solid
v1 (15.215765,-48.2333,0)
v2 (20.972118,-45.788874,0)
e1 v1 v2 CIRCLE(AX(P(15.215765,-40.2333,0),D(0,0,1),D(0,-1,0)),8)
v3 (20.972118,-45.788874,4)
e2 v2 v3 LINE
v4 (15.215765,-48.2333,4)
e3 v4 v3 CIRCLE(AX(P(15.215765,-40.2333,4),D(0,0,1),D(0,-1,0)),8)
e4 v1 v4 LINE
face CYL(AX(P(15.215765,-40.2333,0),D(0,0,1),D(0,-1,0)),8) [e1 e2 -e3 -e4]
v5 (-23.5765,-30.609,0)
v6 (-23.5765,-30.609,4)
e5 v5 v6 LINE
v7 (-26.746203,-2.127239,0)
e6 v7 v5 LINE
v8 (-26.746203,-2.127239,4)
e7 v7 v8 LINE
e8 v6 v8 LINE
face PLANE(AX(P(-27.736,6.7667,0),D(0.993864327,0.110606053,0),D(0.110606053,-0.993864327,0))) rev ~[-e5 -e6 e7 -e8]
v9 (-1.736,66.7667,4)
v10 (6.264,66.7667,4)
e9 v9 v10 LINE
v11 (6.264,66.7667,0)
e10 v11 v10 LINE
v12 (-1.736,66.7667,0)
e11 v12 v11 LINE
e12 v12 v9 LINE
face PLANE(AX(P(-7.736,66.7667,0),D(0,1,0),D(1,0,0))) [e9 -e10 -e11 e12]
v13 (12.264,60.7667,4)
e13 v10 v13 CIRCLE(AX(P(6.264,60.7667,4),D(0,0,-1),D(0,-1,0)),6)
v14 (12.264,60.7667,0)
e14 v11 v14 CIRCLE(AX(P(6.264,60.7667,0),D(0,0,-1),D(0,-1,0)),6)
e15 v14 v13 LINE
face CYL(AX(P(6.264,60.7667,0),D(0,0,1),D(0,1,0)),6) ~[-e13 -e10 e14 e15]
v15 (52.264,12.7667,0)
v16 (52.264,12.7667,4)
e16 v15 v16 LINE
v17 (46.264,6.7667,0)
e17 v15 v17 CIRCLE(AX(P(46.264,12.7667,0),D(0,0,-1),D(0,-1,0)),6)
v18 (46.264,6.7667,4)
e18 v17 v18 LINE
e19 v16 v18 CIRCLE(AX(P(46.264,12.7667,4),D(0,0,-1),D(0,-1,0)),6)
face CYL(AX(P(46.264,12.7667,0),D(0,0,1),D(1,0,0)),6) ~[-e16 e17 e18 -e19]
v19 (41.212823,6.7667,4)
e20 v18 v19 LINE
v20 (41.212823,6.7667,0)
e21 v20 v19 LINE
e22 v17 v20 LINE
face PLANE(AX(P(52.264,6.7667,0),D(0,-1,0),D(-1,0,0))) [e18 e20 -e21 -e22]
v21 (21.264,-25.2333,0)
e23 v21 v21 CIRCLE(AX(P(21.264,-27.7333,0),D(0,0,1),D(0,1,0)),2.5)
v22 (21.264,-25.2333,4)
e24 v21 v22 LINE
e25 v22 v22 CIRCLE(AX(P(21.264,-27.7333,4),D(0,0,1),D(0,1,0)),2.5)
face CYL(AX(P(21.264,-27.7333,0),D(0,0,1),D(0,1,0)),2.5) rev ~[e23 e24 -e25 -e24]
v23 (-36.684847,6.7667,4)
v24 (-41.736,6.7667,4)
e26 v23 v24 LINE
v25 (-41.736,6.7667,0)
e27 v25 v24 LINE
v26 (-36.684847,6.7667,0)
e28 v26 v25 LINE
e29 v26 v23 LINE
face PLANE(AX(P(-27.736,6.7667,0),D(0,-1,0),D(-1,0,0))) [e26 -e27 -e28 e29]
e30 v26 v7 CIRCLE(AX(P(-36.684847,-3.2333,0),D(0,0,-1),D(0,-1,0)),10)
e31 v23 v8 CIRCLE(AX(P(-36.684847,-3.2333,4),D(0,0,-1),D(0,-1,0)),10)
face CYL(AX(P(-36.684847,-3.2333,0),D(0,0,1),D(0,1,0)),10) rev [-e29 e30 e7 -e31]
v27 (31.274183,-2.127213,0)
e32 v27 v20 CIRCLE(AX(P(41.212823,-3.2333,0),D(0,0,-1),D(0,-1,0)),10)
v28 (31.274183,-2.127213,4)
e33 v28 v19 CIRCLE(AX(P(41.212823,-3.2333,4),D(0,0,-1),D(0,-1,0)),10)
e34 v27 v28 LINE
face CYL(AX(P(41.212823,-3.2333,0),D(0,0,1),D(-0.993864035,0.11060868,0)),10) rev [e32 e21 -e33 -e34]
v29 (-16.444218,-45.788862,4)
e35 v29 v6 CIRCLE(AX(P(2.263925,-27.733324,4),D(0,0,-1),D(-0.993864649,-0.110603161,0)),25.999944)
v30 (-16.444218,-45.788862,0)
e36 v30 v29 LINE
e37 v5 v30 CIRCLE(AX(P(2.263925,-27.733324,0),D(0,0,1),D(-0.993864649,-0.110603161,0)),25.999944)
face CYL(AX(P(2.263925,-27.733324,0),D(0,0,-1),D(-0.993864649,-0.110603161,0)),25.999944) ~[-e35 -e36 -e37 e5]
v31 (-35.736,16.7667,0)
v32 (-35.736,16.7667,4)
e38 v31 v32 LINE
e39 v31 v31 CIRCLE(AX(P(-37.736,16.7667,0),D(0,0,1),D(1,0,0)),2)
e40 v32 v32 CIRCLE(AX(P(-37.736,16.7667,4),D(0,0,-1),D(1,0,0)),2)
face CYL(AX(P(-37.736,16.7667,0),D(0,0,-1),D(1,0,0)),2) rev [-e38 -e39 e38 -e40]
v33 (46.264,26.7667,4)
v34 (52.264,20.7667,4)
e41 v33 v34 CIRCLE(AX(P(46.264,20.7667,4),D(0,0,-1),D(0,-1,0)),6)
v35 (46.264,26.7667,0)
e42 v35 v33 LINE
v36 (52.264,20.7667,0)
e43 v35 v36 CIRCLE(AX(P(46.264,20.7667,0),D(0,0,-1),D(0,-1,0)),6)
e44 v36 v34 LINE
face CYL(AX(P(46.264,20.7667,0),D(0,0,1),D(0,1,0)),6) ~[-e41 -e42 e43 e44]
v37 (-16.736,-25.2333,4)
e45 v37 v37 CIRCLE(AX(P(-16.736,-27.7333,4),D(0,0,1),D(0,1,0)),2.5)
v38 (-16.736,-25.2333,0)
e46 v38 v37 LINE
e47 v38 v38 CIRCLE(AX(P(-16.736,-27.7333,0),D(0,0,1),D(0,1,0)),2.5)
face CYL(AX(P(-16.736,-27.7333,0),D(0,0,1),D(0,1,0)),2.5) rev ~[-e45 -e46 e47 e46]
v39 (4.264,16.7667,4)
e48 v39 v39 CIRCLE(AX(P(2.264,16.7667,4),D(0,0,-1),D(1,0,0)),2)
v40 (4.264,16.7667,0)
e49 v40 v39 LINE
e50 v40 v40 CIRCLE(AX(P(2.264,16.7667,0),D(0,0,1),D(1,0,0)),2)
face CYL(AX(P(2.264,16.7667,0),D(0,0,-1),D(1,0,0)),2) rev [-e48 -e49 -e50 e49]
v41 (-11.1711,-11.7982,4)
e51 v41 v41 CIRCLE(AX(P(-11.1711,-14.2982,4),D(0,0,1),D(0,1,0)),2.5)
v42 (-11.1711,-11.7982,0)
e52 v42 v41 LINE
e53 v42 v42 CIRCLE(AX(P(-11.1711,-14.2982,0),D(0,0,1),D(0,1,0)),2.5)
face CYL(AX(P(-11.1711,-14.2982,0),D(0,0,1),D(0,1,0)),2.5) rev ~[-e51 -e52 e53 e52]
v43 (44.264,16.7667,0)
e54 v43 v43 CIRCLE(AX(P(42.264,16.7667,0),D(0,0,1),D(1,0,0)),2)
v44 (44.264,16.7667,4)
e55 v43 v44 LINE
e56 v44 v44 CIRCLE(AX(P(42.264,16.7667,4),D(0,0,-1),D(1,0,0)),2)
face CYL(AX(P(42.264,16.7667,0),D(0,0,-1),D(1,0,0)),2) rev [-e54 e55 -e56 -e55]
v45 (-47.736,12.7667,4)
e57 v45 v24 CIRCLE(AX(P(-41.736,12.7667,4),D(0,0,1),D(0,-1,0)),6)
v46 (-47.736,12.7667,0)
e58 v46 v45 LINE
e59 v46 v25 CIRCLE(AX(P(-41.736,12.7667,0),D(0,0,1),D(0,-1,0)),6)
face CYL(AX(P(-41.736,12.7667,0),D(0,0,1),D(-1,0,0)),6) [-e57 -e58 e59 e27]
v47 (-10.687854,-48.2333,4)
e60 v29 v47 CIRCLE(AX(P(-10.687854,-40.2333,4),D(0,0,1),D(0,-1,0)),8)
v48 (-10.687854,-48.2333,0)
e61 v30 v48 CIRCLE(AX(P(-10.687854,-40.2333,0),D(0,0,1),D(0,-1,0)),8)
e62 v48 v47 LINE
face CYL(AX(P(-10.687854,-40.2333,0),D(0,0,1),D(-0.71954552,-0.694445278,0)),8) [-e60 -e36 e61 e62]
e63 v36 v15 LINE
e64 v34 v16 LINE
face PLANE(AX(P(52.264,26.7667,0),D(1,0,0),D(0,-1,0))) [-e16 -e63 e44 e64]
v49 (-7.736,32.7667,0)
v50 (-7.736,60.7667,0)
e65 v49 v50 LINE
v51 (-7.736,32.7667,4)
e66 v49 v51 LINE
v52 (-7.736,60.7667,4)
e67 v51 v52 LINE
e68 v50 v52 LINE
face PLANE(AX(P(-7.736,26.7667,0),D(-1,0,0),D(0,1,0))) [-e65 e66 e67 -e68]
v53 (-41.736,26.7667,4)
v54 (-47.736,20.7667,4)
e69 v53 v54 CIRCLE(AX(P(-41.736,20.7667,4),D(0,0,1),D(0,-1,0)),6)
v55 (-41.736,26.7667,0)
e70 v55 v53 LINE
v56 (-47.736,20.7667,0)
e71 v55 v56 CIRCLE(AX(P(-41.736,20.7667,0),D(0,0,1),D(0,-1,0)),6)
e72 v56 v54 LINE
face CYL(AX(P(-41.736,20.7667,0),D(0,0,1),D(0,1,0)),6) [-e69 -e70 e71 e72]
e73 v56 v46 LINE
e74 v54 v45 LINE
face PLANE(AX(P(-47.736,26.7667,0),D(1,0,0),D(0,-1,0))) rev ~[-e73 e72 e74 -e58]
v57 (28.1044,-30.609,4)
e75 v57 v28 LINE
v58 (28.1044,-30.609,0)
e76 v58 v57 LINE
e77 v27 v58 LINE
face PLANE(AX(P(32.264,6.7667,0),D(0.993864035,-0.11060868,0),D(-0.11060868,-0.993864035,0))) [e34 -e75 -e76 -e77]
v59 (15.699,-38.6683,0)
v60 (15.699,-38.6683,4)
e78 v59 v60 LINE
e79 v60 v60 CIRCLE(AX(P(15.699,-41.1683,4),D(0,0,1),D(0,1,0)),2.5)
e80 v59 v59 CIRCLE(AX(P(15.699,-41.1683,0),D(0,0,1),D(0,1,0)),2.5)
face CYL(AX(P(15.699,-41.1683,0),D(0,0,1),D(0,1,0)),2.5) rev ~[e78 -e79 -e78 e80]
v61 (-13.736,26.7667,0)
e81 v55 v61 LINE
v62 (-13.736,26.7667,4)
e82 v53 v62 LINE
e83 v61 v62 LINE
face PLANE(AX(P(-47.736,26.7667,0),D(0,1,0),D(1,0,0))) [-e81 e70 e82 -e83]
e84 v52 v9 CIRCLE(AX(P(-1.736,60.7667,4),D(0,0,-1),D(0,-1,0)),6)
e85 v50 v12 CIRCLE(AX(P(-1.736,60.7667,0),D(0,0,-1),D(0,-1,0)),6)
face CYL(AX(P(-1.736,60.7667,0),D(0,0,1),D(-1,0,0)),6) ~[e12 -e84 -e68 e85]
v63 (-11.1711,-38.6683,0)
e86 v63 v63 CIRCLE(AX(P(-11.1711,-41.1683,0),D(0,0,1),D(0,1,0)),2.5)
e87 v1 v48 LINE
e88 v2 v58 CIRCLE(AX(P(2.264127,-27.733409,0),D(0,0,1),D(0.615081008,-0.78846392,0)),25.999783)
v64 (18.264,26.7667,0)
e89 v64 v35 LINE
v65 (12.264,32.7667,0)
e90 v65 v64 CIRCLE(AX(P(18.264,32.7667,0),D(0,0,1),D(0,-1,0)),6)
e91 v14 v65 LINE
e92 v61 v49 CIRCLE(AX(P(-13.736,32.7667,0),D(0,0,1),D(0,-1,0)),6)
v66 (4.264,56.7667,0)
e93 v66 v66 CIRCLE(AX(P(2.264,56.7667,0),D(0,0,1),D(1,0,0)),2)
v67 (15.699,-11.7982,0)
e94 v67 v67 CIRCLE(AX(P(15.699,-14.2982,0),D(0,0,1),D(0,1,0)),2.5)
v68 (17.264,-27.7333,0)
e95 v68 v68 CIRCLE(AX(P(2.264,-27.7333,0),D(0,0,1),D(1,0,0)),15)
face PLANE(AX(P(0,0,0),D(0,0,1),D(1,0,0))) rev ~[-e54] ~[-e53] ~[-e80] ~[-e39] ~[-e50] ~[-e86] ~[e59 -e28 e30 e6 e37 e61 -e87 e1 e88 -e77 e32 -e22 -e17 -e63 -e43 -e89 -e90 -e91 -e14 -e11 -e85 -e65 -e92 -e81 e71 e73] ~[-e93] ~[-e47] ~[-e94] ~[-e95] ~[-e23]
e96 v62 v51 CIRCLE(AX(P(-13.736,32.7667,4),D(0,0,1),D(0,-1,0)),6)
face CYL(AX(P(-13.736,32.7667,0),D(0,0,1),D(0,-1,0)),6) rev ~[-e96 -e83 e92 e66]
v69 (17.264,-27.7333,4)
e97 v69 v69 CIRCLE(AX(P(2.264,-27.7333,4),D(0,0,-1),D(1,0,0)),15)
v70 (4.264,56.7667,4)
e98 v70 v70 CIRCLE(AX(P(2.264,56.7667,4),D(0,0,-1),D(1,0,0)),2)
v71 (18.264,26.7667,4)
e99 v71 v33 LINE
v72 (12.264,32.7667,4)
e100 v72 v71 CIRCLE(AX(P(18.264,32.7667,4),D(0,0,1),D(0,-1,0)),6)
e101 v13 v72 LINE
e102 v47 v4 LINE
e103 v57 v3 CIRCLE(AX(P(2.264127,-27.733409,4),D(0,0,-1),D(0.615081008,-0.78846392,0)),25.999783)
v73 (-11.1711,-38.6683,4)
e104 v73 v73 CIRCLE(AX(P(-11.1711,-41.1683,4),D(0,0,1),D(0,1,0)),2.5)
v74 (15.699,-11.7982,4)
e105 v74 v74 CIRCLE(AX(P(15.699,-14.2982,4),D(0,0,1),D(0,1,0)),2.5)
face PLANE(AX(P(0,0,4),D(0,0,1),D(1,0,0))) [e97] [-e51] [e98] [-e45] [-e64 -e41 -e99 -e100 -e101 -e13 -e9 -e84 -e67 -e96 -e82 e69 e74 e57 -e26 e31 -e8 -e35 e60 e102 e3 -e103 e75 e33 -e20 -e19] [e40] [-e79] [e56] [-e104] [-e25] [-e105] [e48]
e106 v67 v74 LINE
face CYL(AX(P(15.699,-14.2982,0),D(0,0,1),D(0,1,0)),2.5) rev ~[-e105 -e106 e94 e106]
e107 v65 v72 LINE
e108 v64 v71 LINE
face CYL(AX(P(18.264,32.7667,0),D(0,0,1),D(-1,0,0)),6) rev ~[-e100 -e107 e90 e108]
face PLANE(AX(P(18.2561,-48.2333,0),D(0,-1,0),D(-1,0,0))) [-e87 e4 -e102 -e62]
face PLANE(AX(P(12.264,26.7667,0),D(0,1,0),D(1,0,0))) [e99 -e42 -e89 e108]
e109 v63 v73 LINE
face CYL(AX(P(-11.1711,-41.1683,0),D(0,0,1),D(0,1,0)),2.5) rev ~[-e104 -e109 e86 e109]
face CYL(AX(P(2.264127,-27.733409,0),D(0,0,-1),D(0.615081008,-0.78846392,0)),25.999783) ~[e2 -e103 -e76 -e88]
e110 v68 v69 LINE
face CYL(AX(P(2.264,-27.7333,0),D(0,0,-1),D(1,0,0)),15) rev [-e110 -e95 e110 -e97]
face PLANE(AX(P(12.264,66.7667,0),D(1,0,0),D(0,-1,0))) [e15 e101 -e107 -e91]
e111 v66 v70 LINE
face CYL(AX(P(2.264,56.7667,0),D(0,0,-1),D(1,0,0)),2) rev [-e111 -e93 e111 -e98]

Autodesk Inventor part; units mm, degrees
ref_plane "YZ Plane" through (0, 0, 0) normal (1, 0, 0) x (0, 1, 0)
ref_plane "XZ Plane" through (0, 0, 0) normal (0, 1, 0) x (-1, 0, 0)
ref_plane "XY Plane" through (0, 0, 0) normal (0, 0, 1) x (1, 0, 0)
sketch "Szkic1" plane through (0, 0, 0) normal (0, 0, 1) x (1, 0, 0)
  line L0 (-47.736, 26.7667) -> (-47.736, 6.7667)
  line L1 (-47.736, 26.7667) -> (52.264, 26.7667)
  line L2 (52.264, 26.7667) -> (52.264, 6.7667)
  line L3 (52.264, 6.7667) -> (32.264, 6.7667)
  line L4 (32.264, 6.7667) -> (32.264, -48.2333)
  line L5 (32.264, -48.2333) -> (-27.736, -48.2333)
  line L6 (-27.736, -48.2333) -> (-27.736, 6.7667)
  line L7 (-27.736, 6.7667) -> (-47.736, 6.7667)
  circle A0 centre (2.264, -27.7333) radius 19
  arc A1 (-11.0025, -7.7333) -> (-11.0025, -47.7333) centre (2.264, -27.7333) ccw
  line L8 (-11.0025, -47.7333) -> (15.5305, -47.7333)
  arc A2 (15.5305, -47.7333) -> (15.5305, -7.7333) centre (2.264, -27.7333) ccw
  line L9 (15.5305, -7.7333) -> (-11.0025, -7.7333)
  circle A3 centre (2.264, -27.7333) radius 15
  circle A4 centre (-37.736, 16.7667) radius 2
  circle A5 centre (2.264, 16.7667) radius 2
  circle A6 centre (42.264, 16.7667) radius 2
  arc A7 (-23.5765, -30.609) -> (-13.7282, -48.2333) centre (2.264, -27.7333) ccw
  arc A8 (18.2561, -48.2333) -> (28.1044, -30.609) centre (2.264, -27.7333) ccw
  line L10 (-27.736, 6.7667) -> (-23.5765, -30.609)
  line L11 (32.264, 6.7667) -> (28.1044, -30.609)
  line L12 (-7.736, 26.7667) -> (-7.736, 66.7667)
  line L13 (-7.736, 66.7667) -> (12.264, 66.7667)
  line L14 (12.264, 66.7667) -> (12.264, 26.7667)
  circle A9 centre (2.264, 56.7667) radius 2
  point P0 (0, 0)
  point P1 (-16.736, -27.7333)
  point P2 (-11.1711, -41.1683)
  point P3 (15.699, -14.2982)
  point P4 (15.699, -41.1683)
  point P5 (-11.1711, -14.2982)
  point P6 (21.264, -27.7333)
  dimension "d0" = 20
  dimension "d1" = 100
  dimension "d2" = 20
  dimension "d3" = 60
  dimension "d4" = 20
  dimension "d5" = 55
  dimension "d8" = 38
  dimension "d13" = 34.5
  dimension "d14" = 30
  dimension "d15" = 30
  dimension "d24" = 4
  dimension "d25" = 4
  dimension "d26" = 4
  dimension "d29" = 10
  dimension "d30" = 10
  dimension "d31" = 10
  dimension "d32" = 10
  dimension "d33" = 10
  dimension "d34" = 50
  dimension "d42" = 2
  dimension "d47" = 40
  dimension "d48" = 20
  dimension "d49" = 40
  dimension "d50" = 10
  dimension "d51" = 10
  dimension "d52" = 4
extrude "Wyciągnięcie proste1" add sketch "Szkic1" along normal blind 4 contours L1 L2 L3 L11 A8 L5 A7 L10 L7 L0 | L12 L13 L14 L1 | L10 A7 L5 L6 | A8 L11 L4 L5 | A0 | L9 A2 L8 A1 | A3 | A4 | A5 | A6 | A9
extrude "Wyciągnięcie proste2" cut sketch "Szkic1" along normal through all contours A3 | A4 | A5 | A6 | A9
hole "Otwór1" at (2.264, -27.7333, 0) at (21.264, -27.7333, 0) at (-11.1711, -41.1683, 0) at (15.699, -41.1683, 0) at (15.699, -14.2982, 0) at (-11.1711, -14.2982, 0) at (-16.736, -27.7333, 0) direction (0, 0, 1) diameter 5 end through all
extrude "Wyciągnięcie proste3" cut sketch "Szkic1" along normal blind 10 contours L10 A7 L5 L6 | A8 L11 L4 L5
fillet "Zaokrąglenie1" radius 6 8 edges at (-47.736, 6.7667, 2) (-47.736, 26.7667, 2) (52.264, 6.7667, 2) (52.264, 26.7667, 2) (-7.736, 26.7667, 2) (-7.736, 66.7667, 2) (12.264, 26.7667, 2) (12.264, 66.7667, 2)
fillet "Zaokrąglenie2" radius 10 2 edges at (-27.736, 6.7667, 2) (32.264, 6.7667, 2)
fillet "Zaokrąglenie3" radius 8 2 edges at (-13.7282, -48.2333, 2) (18.2561, -48.2333, 2)
equation "\"d2\" = -0.5 * d3 + 0.5 * d1"
equation "\"d14\" = 0.5 * d3"
equation "\"d34\" = 0.5 * d1"
properties part number "LC_ALU_4mm_Heatbed_Frame_Ball_Screw_Nut_Mounting_Bracket"
